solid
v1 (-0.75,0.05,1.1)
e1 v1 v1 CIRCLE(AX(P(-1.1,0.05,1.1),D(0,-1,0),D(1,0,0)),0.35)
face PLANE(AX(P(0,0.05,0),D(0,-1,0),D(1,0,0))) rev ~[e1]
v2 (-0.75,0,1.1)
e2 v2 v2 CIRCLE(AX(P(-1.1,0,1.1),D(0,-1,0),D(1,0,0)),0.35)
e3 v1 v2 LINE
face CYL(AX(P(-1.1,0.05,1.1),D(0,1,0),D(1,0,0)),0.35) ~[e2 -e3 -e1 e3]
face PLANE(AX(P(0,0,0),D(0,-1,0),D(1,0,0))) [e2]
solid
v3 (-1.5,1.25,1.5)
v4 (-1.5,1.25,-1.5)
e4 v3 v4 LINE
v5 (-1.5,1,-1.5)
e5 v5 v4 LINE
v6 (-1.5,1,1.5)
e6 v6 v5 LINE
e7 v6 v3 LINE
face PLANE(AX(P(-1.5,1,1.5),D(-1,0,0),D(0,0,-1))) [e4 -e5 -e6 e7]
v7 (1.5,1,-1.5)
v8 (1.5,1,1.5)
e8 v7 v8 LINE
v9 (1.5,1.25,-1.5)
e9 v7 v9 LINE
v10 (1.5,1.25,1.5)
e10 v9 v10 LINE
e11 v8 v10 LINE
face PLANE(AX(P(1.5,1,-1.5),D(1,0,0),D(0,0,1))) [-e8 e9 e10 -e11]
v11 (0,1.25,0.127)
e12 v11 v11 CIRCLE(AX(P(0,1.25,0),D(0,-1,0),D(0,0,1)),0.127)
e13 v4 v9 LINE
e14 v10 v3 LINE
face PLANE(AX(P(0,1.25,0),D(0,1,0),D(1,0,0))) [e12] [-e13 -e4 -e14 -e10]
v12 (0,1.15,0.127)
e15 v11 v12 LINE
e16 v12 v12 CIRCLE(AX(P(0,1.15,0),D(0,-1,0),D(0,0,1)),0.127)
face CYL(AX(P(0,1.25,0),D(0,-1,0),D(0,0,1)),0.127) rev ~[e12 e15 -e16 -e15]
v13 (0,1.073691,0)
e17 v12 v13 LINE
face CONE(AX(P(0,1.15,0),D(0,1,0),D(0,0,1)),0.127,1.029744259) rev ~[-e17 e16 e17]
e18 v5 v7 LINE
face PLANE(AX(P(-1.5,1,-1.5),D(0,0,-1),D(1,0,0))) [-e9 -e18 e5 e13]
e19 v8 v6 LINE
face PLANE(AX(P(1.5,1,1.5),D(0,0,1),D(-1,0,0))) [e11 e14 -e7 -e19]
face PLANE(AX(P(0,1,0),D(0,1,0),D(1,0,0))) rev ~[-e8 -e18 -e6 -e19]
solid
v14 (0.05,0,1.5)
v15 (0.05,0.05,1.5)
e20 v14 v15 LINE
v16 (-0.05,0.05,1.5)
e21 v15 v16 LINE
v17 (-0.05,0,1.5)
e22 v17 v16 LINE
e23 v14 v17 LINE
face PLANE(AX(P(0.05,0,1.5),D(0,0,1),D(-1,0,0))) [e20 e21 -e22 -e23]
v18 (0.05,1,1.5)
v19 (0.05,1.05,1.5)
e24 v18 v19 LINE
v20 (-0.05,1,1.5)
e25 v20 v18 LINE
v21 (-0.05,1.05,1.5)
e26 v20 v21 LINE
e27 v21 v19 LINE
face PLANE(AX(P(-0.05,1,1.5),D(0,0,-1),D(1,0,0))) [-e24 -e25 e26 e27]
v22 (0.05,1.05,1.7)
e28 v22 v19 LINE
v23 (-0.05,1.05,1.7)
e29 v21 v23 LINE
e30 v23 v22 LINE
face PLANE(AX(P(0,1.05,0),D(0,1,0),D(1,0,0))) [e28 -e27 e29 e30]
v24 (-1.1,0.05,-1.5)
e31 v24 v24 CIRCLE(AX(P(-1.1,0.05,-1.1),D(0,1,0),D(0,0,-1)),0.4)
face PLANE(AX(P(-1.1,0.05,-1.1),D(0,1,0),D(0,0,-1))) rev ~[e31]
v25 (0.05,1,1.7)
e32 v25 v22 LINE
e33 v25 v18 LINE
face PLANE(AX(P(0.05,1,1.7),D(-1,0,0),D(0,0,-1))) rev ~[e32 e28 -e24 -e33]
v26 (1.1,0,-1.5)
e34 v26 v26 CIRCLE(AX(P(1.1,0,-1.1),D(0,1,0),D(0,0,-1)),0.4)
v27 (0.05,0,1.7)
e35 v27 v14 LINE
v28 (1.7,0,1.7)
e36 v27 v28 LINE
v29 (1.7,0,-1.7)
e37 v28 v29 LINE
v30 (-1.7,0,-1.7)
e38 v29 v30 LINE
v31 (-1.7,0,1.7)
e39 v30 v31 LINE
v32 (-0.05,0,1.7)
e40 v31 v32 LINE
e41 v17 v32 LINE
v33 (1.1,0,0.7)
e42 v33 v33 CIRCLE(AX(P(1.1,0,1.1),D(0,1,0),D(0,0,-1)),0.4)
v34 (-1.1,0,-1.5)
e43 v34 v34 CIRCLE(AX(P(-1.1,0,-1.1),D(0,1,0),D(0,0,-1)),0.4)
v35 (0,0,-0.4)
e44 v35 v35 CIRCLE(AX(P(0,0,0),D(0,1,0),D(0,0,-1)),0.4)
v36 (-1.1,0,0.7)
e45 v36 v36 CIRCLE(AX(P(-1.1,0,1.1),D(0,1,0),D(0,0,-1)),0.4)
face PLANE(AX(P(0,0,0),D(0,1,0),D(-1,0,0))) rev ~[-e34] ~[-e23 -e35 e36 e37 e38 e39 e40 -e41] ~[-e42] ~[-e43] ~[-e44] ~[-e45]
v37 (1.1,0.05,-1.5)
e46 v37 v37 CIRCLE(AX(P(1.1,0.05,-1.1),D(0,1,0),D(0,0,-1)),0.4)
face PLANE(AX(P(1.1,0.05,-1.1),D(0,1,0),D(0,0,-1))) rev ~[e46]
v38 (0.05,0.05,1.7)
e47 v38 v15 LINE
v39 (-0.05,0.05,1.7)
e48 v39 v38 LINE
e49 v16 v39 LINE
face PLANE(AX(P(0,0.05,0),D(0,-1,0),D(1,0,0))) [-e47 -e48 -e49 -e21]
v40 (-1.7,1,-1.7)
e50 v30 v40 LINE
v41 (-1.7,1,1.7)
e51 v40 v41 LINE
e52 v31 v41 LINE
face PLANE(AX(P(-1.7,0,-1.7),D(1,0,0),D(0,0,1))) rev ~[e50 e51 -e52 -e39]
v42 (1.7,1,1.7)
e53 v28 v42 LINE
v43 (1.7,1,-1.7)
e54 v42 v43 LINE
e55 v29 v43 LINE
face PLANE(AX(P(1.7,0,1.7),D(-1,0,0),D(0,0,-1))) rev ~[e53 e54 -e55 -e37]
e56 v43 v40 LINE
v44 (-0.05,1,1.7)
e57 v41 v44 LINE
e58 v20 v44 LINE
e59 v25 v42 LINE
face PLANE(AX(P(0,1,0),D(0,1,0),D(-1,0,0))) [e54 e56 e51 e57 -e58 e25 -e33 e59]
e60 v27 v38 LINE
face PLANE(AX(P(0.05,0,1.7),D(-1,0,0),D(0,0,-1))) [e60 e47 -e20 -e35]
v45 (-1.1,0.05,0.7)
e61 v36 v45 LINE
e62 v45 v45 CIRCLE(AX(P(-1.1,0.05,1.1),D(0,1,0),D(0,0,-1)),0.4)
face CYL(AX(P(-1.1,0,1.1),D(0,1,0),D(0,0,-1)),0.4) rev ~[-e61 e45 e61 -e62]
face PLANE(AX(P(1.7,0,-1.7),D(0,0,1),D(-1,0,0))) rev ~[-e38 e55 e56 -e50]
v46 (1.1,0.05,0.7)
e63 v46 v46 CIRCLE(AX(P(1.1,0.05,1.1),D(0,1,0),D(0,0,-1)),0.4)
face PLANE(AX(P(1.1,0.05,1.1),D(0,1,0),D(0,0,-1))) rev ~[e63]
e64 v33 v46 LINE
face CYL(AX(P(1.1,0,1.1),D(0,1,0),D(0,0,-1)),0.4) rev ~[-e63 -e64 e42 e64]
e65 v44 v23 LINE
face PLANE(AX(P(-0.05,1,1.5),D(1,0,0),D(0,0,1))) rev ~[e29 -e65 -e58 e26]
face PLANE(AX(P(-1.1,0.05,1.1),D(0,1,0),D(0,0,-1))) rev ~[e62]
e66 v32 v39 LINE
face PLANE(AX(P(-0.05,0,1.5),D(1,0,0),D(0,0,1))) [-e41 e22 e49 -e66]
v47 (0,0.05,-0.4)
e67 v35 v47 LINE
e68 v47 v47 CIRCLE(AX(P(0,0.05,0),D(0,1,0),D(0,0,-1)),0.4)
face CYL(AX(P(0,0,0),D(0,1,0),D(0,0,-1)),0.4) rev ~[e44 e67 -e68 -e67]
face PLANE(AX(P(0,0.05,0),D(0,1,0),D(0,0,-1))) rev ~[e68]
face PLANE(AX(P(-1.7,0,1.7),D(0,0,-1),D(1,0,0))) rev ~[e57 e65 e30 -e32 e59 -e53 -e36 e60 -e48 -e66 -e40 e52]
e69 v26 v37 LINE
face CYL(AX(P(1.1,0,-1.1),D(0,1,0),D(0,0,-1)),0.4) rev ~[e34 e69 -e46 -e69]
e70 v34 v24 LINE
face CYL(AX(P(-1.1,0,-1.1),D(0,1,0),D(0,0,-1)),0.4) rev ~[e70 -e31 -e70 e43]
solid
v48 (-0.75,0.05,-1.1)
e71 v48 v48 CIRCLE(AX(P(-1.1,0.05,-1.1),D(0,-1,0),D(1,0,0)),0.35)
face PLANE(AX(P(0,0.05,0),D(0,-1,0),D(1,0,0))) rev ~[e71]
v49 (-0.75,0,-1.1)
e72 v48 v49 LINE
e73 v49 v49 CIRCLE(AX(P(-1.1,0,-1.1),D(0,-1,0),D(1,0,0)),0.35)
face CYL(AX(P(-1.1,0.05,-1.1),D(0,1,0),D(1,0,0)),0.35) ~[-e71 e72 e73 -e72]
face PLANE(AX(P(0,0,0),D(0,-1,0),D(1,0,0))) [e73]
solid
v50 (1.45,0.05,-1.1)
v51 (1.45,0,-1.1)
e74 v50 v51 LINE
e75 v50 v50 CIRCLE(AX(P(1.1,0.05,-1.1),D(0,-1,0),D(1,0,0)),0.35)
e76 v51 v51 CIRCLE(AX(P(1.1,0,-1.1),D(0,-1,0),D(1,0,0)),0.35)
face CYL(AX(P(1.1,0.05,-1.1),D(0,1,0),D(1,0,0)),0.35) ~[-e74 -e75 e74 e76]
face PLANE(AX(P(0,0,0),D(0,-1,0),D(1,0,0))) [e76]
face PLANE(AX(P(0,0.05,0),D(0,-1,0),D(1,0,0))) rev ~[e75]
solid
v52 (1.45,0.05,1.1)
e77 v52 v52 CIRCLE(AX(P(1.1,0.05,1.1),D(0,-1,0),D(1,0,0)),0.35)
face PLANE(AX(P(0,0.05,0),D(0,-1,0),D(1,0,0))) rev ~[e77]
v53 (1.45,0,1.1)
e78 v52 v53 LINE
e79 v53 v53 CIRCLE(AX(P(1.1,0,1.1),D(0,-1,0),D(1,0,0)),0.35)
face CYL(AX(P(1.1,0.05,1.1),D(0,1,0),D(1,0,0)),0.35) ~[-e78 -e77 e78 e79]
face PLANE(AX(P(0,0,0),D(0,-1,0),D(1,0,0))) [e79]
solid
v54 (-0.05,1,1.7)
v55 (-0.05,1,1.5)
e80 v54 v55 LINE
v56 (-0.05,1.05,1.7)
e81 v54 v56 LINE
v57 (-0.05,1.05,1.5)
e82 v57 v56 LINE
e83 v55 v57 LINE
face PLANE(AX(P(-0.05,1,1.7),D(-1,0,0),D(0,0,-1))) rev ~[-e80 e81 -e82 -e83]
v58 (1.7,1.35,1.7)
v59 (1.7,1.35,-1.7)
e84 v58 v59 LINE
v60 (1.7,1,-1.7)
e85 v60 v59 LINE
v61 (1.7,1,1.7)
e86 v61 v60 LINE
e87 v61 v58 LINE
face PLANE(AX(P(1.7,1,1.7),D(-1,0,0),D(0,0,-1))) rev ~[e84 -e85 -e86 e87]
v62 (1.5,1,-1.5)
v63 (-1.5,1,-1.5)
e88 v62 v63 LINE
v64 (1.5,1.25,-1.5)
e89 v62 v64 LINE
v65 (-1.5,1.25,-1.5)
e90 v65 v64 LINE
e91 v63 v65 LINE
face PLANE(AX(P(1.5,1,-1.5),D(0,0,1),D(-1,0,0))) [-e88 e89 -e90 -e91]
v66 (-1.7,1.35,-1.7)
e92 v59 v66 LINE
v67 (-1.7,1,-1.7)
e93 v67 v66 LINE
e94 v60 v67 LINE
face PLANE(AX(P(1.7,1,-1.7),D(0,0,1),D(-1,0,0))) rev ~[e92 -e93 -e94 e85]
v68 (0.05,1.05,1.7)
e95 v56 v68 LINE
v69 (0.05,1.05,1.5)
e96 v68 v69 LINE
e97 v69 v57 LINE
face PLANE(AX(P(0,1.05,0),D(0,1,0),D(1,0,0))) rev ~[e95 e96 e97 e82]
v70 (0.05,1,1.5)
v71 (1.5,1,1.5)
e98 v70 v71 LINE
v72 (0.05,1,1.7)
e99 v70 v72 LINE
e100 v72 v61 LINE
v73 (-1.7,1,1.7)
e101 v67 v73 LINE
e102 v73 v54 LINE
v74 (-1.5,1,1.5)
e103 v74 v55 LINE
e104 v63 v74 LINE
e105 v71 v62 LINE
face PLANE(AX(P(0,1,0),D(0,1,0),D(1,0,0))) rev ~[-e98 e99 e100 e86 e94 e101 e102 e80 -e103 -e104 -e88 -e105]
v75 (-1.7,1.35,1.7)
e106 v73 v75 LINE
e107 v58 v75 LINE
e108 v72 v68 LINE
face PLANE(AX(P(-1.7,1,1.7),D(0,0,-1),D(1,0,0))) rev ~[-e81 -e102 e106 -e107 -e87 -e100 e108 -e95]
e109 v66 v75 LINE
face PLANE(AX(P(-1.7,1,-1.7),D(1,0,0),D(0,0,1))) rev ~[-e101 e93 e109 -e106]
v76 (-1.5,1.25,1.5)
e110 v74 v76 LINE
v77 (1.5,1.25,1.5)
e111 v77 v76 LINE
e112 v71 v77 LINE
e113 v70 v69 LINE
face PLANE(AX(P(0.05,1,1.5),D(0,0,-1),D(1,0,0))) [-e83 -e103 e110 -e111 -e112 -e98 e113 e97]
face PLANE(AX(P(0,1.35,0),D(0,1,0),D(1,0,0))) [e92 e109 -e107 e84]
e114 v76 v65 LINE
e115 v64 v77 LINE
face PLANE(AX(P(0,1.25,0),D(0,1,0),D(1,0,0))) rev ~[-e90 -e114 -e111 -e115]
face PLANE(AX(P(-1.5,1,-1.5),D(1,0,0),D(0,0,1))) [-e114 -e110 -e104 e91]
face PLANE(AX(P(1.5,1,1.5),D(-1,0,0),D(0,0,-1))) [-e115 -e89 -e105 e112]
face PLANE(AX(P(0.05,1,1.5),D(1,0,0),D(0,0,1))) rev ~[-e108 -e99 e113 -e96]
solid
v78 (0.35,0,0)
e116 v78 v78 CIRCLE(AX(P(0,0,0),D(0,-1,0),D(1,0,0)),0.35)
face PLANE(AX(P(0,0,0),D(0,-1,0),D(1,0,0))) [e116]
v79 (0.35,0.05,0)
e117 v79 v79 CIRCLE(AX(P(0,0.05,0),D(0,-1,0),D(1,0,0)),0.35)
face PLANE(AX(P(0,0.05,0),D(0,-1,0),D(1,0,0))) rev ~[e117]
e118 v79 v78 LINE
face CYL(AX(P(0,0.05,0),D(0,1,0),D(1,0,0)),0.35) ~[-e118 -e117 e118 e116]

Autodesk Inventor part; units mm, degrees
ref_plane "YZ Plane" through (0, 0, 0) normal (1, 0, 0) x (0, 1, 0)
ref_plane "XZ Plane" through (0, 0, 0) normal (0, 1, 0) x (-1, 0, 0)
ref_plane "XY Plane" through (0, 0, 0) normal (0, 0, 1) x (1, 0, 0)
sketch "Sketch1" plane through (0, 0, 0) normal (0, 1, 0) x (-1, 0, 0)
  line L0 (1.7, 1.7) -> (-1.7, 1.7)
  line L1 (-1.7, 1.7) -> (-1.7, -1.7)
  line L2 (-1.7, -1.7) -> (1.7, -1.7)
  line L3 (1.7, -1.7) -> (1.7, 1.7)
  line L4 (1.7, 1.7) -> (-1.7, -1.7) construction
  line L5 (-1.7, 1.7) -> (1.7, -1.7) construction
  point P0 (0, 0)
  dimension "d0" = 3.4
  dimension "d1" = 3.4
extrude "Extrusion1" add sketch "Sketch1" along normal blind 1
sketch "Sketch2" plane through (0, 1, 0) normal (0, 1, 0) x (1, 0, 0)
  line L0 (1.5, -1.5) -> (-1.5, -1.5)
  line L1 (-1.5, -1.5) -> (-1.5, 1.5)
  line L2 (-1.5, 1.5) -> (1.5, 1.5)
  line L3 (1.5, 1.5) -> (1.5, -1.5)
  line L4 (1.5, -1.5) -> (-1.5, 1.5) construction
  line L5 (-1.5, -1.5) -> (1.5, 1.5) construction
  point P0 (0, 0)
  dimension "d4" = 3
  dimension "d5" = 3
extrude "Extrusion2" add sketch "Sketch2" along normal blind 0.25 separate body
sketch "Sketch8" plane through (0, 1, 0) normal (0, 1, 0) x (1, 0, 0)
  line L0 (-1.7, -1.7) -> (1.7, -1.7) projected
  line L1 (1.7, -1.7) -> (1.7, 1.7) projected
  line L2 (1.7, 1.7) -> (-1.7, 1.7) projected
  line L3 (-1.7, 1.7) -> (-1.7, -1.7) projected
  line L4 (-1.5, -1.5) -> (1.5, -1.5) projected
  line L5 (-0.05, -1.7) -> (0.05, -1.7)
  line L6 (0.05, -1.7) -> (0.05, -1.5)
  line L7 (0.05, -1.5) -> (-0.05, -1.5)
  line L8 (-0.05, -1.5) -> (-0.05, -1.7)
  point P0 (0, 0)
  point P1 (0, -1.5)
  dimension "d35" = 0.1
  dimension "d36" = 0.05
extrude "Extrusion6" add sketch "Sketch8" along normal blind 0.05 contours L8 L4 L6 L0 bodies 1
sketch "Sketch3" plane through (0, 1, 0) normal (0, 1, 0) x (1, 0, 0)
  line L0 (-1.7, -1.7) -> (-0.05, -1.7) projected
  line L1 (1.7, -1.7) -> (1.7, 1.7) projected
  line L2 (1.7, 1.7) -> (-1.7, 1.7) projected
  line L3 (-1.7, 1.7) -> (-1.7, -1.7) projected
  line L4 (-1.5, -1.5) -> (1.5, -1.5) projected
  line L5 (1.5, -1.5) -> (1.5, 1.5) projected
  line L6 (1.5, 1.5) -> (-1.5, 1.5) projected
  line L7 (-1.5, 1.5) -> (-1.5, -1.5) projected
  line L8 (0.05, -1.5) -> (0.05, -1.7) projected
  line L9 (0.05, -1.7) -> (1.7, -1.7) projected
  line L10 (-0.05, -1.7) -> (-0.05, -1.5) projected
  line L11 (-0.05, -1.5) -> (0.05, -1.5) projected
  point P0 (0, 0)
extrude "Extrusion3" add sketch "Sketch3" along normal blind 0.35 separate body contours L3 L2 L1 L9 L8 L4 L5 L6 L7 L10 L0
sketch "Sketch9" plane through (0, 1.05, 0) normal (0, 1, 0) x (1, 0, 0)
  point P0 (0, 0)
sketch "Sketch10" plane through (0, 1.35, 0) normal (0, 1, 0) x (1, 0, 0)
  line L0 (-0.05, -1.7) -> (0.05, -1.7) projected
  line L1 (0.05, -1.7) -> (0.05, -1.5) projected
  line L2 (0.05, -1.5) -> (-0.05, -1.5) projected
  line L3 (-0.05, -1.5) -> (-0.05, -1.7) projected
  point P0 (0, 0)
extrude "Extrusion7" add sketch "Sketch10" against normal up to surface (0.3 mm away) bodies 3
sketch "Sketch5" plane through (0, 1.25, 0) normal (0, 1, 0) x (1, 0, 0)
  point P0 (0, 0)
  point P1 (0, 0)
hole "Hole1" at (0, 1.25, 0) direction (0, -1, 0) diameter 0.254 depth 0.1 tip angle 118 bodies 2
sketch "Sketch4" plane through (0, 1.35, 0) normal (0, 1, 0) x (1, 0, 0)
  line L0 (-1.5, -1.5) -> (-1.5, 1.5) projected
  line L1 (-1.5, 1.5) -> (1.5, 1.5) projected
  line L2 (1.5, 1.5) -> (1.5, -1.5) projected
  line L3 (1.5, -1.5) -> (-1.5, -1.5) projected
  line L4 (1.7, -1.7) -> (1.7, 1.7) projected
  line L5 (1.7, 1.7) -> (-1.7, 1.7) projected
  line L6 (-1.7, 1.7) -> (-1.7, -1.7) projected
  line L7 (-1.7, -1.7) -> (1.7, -1.7) projected
  point P0 (0, 0)
extrude "Extrusion4" add sketch "Sketch4" against normal up to surface (0.1 mm away) contours L0 L1 L2 L3 bodies 3
sketch "Sketch6" plane through (0, 0, 0) normal (0, -1, 0) x (1, 0, 0)
  circle A0 centre (0, 0) radius 0.127 projected
  line L0 (1.1, 1.1) -> (-1.1, 1.1)
  line L1 (-1.1, 1.1) -> (-1.1, -1.1)
  line L2 (-1.1, -1.1) -> (1.1, -1.1)
  line L3 (1.1, -1.1) -> (1.1, 1.1)
  line L4 (1.1, 1.1) -> (-1.1, -1.1) construction
  line L5 (-1.1, 1.1) -> (1.1, -1.1) construction
  dimension "d19" = 2.2
  dimension "d20" = 2.2
hole "Hole2" at (0, 0, 0) at (1.1, 0, -1.1) at (-1.1, 0, -1.1) at (-1.1, 0, 1.1) at (1.1, 0, 1.1) direction (0, 1, 0) diameter 0.8 depth 0.05 bodies 1
sketch "Sketch7" plane through (0, 0.05, 0) normal (0, -1, 0) x (1, 0, 0)
  circle A0 centre (0, 0) radius 0.4 projected
  circle A1 centre (1.1, -1.1) radius 0.4 projected
  circle A2 centre (-1.1, -1.1) radius 0.4 projected
  circle A3 centre (-1.1, 1.1) radius 0.4 projected
  circle A4 centre (1.1, 1.1) radius 0.4 projected
  circle A5 centre (1.1, -1.1) radius 0.35
  circle A6 centre (-1.1, -1.1) radius 0.4 projected
  circle A7 centre (-1.1, -1.1) radius 0.35
  circle A8 centre (-1.1, 1.1) radius 0.35
  circle A9 centre (1.1, 1.1) radius 0.35
  circle A10 centre (0, 0) radius 0.35
  dimension "d28" = 0.7
  dimension "d29" = 0.7
  dimension "d30" = 0.7
  dimension "d31" = 0.7
  dimension "d32" = 0.7
extrude "Extrusion5" add sketch "Sketch7" along normal blind 0.05 separate body contours A5 | A7 | A8 | A9 | A10
sketch "Sketch11" plane through (0, 0, 0) normal (0, -1, 0) x (1, 0, 0)
  circle A0 centre (-1.1, 1.1) radius 0.4 projected
  circle A1 centre (1.1, -1.1) radius 0.4 projected
  circle A2 centre (0, 0) radius 0.4 projected
  circle A3 centre (-1.1, -1.1) radius 0.4 projected
  circle A4 centre (1.1, 1.1) radius 0.4 projected
  line L0 (-1.7, 1.7) -> (1.7, 1.7) projected
  line L1 (-1.7, -1.7) -> (-1.7, 1.7) projected
  line L2 (1.7, -1.7) -> (-1.7, -1.7) projected
  line L3 (1.7, 1.7) -> (1.7, -1.7) projected
  line L4 (-0.05, 1.7) -> (0.05, 1.7)
  line L5 (0.05, 1.7) -> (0.05, 1.5)
  line L6 (0.05, 1.5) -> (-0.05, 1.5)
  line L7 (-0.05, 1.5) -> (-0.05, 1.7)
  point P0 (0, 1.7)
  dimension "d41" = 0.1
  dimension "d42" = 0.2
  dimension "d43" = 0.05
extrude "Extrusion8" cut sketch "Sketch11" against normal blind 0.05 contours L0 L5 L6 L7 bodies 1
properties part number "13360-30xxVE" material "ABS Plastic"
